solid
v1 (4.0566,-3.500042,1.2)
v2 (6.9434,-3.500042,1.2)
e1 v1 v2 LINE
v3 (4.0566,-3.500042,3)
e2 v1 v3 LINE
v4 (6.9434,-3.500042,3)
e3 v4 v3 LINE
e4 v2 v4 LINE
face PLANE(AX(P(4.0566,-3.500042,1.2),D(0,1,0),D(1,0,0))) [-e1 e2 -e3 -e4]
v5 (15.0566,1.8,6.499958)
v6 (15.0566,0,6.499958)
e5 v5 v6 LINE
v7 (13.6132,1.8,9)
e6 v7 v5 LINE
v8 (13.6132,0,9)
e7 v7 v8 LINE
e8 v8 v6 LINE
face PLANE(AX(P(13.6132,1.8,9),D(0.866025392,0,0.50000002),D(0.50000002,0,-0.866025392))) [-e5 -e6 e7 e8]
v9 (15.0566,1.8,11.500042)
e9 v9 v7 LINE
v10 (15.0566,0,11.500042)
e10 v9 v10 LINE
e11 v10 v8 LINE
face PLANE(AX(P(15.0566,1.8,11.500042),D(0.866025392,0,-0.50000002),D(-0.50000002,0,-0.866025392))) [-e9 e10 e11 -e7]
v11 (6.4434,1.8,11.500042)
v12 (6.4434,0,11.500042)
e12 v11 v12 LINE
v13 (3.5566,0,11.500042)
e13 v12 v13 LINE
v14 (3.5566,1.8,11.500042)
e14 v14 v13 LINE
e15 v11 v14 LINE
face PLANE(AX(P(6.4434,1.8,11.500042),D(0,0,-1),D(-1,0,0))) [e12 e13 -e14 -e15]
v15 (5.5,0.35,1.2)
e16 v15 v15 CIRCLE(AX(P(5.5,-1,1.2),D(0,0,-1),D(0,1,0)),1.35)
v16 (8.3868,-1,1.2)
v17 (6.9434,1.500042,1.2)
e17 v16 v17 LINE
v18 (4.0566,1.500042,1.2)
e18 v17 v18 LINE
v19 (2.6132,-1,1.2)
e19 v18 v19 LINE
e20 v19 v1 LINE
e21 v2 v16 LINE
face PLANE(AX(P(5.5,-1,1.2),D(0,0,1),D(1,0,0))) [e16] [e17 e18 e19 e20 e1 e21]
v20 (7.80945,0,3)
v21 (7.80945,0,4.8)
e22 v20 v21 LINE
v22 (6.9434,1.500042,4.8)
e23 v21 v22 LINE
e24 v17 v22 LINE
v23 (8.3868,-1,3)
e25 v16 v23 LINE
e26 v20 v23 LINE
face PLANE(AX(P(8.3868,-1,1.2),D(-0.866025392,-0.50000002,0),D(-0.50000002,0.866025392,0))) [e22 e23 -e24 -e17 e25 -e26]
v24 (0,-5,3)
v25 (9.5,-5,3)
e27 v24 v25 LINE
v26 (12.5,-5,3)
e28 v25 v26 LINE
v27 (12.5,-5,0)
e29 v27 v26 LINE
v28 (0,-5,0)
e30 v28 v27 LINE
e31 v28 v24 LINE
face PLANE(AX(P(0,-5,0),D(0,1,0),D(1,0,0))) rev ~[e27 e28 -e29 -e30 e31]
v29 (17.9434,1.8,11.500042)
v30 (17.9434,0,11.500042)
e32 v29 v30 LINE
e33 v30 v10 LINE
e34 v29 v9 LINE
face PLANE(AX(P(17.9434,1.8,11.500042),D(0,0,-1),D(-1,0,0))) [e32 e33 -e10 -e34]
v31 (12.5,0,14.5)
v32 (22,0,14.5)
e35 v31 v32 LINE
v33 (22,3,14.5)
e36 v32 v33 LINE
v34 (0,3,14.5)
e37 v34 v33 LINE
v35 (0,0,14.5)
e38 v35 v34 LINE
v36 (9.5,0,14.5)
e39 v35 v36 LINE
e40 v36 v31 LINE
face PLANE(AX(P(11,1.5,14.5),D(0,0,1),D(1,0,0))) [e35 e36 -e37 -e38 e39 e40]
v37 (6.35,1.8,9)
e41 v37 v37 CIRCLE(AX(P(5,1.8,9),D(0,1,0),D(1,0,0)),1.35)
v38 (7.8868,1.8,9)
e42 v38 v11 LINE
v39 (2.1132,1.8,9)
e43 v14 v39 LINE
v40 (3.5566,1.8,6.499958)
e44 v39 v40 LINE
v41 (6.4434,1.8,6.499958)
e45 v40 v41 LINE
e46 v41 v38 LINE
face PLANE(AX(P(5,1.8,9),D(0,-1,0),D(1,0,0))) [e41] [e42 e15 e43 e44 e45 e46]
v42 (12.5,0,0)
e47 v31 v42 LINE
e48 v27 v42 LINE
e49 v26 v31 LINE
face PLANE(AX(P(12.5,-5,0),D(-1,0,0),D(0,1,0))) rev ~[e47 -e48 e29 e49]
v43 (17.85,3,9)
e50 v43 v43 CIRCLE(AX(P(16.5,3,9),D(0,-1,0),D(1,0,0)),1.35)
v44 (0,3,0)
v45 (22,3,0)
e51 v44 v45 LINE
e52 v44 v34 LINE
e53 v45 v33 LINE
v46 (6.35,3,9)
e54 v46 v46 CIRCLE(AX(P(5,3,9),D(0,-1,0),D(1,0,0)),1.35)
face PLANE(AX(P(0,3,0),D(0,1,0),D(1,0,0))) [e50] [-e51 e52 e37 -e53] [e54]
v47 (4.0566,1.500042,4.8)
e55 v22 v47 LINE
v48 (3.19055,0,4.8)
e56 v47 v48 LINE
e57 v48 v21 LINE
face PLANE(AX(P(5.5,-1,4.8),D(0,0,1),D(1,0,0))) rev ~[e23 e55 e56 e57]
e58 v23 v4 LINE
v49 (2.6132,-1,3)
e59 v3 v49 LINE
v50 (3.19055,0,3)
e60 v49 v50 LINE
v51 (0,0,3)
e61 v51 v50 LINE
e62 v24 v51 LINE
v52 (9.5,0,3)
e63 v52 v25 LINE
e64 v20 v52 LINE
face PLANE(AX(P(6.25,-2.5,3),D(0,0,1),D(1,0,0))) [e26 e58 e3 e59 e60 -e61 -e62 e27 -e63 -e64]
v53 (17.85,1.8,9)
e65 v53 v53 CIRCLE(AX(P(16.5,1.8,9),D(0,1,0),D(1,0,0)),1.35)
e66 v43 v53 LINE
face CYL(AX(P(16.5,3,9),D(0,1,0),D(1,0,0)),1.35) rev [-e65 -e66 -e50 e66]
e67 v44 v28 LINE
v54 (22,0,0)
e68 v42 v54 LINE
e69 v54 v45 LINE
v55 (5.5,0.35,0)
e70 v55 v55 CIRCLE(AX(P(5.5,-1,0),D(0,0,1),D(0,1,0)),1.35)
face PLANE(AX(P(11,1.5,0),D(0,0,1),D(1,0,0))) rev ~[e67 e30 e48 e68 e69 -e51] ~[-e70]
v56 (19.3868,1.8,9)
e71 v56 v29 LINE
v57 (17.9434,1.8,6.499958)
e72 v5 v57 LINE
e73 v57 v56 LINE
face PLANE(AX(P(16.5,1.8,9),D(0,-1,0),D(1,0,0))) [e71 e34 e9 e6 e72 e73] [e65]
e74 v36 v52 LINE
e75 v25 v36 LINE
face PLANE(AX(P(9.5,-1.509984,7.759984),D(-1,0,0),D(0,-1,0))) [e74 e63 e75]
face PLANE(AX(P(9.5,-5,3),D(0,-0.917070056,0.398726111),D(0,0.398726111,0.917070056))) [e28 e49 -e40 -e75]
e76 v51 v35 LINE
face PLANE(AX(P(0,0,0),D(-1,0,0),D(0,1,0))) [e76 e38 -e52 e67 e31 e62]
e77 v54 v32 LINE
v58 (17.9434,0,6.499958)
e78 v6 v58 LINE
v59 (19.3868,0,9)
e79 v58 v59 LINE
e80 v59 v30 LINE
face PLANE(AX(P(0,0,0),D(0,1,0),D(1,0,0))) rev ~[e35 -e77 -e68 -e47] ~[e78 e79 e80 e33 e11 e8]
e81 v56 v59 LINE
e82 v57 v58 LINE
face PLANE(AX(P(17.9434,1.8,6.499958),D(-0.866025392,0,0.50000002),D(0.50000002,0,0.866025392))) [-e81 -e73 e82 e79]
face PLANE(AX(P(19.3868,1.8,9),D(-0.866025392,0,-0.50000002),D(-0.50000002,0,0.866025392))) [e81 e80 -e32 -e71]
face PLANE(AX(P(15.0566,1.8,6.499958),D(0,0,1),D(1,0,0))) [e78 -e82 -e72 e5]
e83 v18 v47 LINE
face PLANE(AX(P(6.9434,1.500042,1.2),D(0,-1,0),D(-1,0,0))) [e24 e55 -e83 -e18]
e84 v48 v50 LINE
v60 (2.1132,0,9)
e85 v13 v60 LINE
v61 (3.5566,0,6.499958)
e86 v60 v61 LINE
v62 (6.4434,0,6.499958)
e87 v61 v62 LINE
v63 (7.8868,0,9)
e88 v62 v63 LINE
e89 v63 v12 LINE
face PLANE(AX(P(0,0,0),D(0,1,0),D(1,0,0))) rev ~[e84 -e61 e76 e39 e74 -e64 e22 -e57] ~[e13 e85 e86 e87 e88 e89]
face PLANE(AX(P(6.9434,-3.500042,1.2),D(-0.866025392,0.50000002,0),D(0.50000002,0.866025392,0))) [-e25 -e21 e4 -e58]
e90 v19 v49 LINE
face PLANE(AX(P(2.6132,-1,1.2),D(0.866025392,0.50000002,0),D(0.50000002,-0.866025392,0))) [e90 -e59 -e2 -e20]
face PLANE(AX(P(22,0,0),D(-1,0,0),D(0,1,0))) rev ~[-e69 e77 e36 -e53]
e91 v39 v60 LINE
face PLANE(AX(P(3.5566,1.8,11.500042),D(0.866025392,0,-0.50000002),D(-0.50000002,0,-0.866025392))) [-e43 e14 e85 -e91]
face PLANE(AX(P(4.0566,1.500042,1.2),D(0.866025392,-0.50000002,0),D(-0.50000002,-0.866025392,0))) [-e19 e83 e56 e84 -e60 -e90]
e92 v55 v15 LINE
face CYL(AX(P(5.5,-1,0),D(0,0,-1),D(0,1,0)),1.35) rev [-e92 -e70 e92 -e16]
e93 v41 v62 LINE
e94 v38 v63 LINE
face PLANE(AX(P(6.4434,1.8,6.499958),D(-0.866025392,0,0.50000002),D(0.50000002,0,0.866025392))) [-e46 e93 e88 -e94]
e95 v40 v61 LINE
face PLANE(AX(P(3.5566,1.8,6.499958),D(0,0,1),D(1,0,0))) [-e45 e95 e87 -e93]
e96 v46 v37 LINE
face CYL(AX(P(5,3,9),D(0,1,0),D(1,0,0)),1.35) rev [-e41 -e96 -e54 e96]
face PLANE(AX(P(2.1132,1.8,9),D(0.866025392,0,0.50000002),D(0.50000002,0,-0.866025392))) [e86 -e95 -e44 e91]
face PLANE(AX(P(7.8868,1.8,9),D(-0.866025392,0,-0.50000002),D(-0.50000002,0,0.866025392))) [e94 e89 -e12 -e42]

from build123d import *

# Parameters (mm, degrees)
EXTRUDE003_DEPTH  = 3.6
CYLINDER002_R     = 1.35
CYLINDER002_DEPTH = 3
EXTRUDE002_DEPTH  = 1.8
CYLINDER003_R     = 1.35
CYLINDER003_DEPTH = 30
EXTRUDE001_DEPTH  = 1.8
CYLINDER_R        = 1.35
CYLINDER_DEPTH    = 3
BOX_W             = 22
BOX_H             = 3
BOX_DEPTH         = 14.5
BOX001_W          = 12.5
BOX001_H          = 5
BOX001_DEPTH      = 3
EXTRUDE_DEPTH     = 3


with BuildPart() as extrude003:
    # Sketch003 → Extrude003 (new body)
    with BuildSketch(Plane.XY):
        Polygon((2.8868, 0), (1.4434, 2.500042), (-1.4434, 2.500042), (-2.8868, 0), (-1.4434, -2.500042), (1.4434, -2.500042), align=None)
    extrude(amount=EXTRUDE003_DEPTH)


with BuildPart() as extrude003_1:
    # Extrude003 placement: moved
    add(extrude003.part.moved(Location((5.5, -1, 1.2))))


with BuildPart() as hole03:
    # Cylinder002 → Cylinder002 (new body)
    with BuildSketch(Plane(origin=(5.5, -1, 0), x_dir=(0, 1, 0), z_dir=(0, 0, 1))):
        Circle(CYLINDER002_R)
    extrude(amount=CYLINDER002_DEPTH)

    # Fusion002: union Extrude003
    add(extrude003_1.part)


with BuildPart() as extrude002:
    # Sketch002 → Extrude002 (new body)
    with BuildSketch(Plane(origin=(16.5, 1.8, 9), x_dir=(1, 0, 0), z_dir=(0, -1, 0))):
        Polygon((2.8868, 0), (1.4434, 2.500042), (-1.4434, 2.500042), (-2.8868, 0), (-1.4434, -2.500042), (1.4434, -2.500042), align=None)
    extrude(amount=EXTRUDE002_DEPTH)


with BuildPart() as hole02:
    # Cylinder003 → Cylinder003 (new body)
    with BuildSketch(Plane(origin=(16.5, 3, 9), x_dir=(1, 0, 0), z_dir=(0, -1, 0))):
        Circle(CYLINDER003_R)
    extrude(amount=CYLINDER003_DEPTH)

    # Fusion001: union Extrude002
    add(extrude002.part)


with BuildPart() as extrude001:
    # Sketch001 → Extrude001 (new body)
    with BuildSketch(Plane(origin=(5, 1.8, 9), x_dir=(1, 0, 0), z_dir=(0, -1, 0))):
        Polygon((2.8868, 0), (1.4434, 2.500042), (-1.4434, 2.500042), (-2.8868, 0), (-1.4434, -2.500042), (1.4434, -2.500042), align=None)
    extrude(amount=EXTRUDE001_DEPTH)


with BuildPart() as hole01:
    # Cylinder → Cylinder (new body)
    with BuildSketch(Plane(origin=(5, 3, 9), x_dir=(1, 0, 0), z_dir=(0, -1, 0))):
        Circle(CYLINDER_R)
    extrude(amount=CYLINDER_DEPTH)

    # Fusion: union Extrude001
    add(extrude001.part)


with BuildPart() as cut001:
    # Box → Box (new body)
    with BuildSketch(Plane.XY):
        with Locations((11, 1.5)):
            Rectangle(BOX_W, BOX_H)
    extrude(amount=BOX_DEPTH)

    # Cut: cut Hole01
    add(hole01.part, mode=Mode.SUBTRACT)

    # Cut001: cut Hole02
    add(hole02.part, mode=Mode.SUBTRACT)


with BuildPart() as cut002:
    # Box001 → Box001 (new body)
    with BuildSketch(Plane(origin=(0, -5, 0), x_dir=(1, 0, 0), z_dir=(0, 0, 1))):
        with Locations((6.25, 2.5)):
            Rectangle(BOX001_W, BOX001_H)
    extrude(amount=BOX001_DEPTH)

    # Fusion003: union Cut001
    add(cut001.part)

    # Cut002: cut Hole03
    add(hole03.part, mode=Mode.SUBTRACT)


with BuildPart() as left_hand_bracket_0_5mm_offset:
    # Sketch → Extrude (new body)
    with BuildSketch(Plane(origin=(0, 0, 1.4), x_dir=(0, 1, 0), z_dir=(1, 0, 0))):
        Polygon((0, 11.5), (0, 0), (-5, 0), align=None)
    extrude(amount=EXTRUDE_DEPTH)


with BuildPart() as left_hand_bracket_0_5mm_offset_1:
    # Extrude placement: moved
    add(left_hand_bracket_0_5mm_offset.part.moved(Location((9.5, 0, 1.6))))

    # Fusion004: union Cut002
    add(cut002.part)


solid = left_hand_bracket_0_5mm_offset_1.part
